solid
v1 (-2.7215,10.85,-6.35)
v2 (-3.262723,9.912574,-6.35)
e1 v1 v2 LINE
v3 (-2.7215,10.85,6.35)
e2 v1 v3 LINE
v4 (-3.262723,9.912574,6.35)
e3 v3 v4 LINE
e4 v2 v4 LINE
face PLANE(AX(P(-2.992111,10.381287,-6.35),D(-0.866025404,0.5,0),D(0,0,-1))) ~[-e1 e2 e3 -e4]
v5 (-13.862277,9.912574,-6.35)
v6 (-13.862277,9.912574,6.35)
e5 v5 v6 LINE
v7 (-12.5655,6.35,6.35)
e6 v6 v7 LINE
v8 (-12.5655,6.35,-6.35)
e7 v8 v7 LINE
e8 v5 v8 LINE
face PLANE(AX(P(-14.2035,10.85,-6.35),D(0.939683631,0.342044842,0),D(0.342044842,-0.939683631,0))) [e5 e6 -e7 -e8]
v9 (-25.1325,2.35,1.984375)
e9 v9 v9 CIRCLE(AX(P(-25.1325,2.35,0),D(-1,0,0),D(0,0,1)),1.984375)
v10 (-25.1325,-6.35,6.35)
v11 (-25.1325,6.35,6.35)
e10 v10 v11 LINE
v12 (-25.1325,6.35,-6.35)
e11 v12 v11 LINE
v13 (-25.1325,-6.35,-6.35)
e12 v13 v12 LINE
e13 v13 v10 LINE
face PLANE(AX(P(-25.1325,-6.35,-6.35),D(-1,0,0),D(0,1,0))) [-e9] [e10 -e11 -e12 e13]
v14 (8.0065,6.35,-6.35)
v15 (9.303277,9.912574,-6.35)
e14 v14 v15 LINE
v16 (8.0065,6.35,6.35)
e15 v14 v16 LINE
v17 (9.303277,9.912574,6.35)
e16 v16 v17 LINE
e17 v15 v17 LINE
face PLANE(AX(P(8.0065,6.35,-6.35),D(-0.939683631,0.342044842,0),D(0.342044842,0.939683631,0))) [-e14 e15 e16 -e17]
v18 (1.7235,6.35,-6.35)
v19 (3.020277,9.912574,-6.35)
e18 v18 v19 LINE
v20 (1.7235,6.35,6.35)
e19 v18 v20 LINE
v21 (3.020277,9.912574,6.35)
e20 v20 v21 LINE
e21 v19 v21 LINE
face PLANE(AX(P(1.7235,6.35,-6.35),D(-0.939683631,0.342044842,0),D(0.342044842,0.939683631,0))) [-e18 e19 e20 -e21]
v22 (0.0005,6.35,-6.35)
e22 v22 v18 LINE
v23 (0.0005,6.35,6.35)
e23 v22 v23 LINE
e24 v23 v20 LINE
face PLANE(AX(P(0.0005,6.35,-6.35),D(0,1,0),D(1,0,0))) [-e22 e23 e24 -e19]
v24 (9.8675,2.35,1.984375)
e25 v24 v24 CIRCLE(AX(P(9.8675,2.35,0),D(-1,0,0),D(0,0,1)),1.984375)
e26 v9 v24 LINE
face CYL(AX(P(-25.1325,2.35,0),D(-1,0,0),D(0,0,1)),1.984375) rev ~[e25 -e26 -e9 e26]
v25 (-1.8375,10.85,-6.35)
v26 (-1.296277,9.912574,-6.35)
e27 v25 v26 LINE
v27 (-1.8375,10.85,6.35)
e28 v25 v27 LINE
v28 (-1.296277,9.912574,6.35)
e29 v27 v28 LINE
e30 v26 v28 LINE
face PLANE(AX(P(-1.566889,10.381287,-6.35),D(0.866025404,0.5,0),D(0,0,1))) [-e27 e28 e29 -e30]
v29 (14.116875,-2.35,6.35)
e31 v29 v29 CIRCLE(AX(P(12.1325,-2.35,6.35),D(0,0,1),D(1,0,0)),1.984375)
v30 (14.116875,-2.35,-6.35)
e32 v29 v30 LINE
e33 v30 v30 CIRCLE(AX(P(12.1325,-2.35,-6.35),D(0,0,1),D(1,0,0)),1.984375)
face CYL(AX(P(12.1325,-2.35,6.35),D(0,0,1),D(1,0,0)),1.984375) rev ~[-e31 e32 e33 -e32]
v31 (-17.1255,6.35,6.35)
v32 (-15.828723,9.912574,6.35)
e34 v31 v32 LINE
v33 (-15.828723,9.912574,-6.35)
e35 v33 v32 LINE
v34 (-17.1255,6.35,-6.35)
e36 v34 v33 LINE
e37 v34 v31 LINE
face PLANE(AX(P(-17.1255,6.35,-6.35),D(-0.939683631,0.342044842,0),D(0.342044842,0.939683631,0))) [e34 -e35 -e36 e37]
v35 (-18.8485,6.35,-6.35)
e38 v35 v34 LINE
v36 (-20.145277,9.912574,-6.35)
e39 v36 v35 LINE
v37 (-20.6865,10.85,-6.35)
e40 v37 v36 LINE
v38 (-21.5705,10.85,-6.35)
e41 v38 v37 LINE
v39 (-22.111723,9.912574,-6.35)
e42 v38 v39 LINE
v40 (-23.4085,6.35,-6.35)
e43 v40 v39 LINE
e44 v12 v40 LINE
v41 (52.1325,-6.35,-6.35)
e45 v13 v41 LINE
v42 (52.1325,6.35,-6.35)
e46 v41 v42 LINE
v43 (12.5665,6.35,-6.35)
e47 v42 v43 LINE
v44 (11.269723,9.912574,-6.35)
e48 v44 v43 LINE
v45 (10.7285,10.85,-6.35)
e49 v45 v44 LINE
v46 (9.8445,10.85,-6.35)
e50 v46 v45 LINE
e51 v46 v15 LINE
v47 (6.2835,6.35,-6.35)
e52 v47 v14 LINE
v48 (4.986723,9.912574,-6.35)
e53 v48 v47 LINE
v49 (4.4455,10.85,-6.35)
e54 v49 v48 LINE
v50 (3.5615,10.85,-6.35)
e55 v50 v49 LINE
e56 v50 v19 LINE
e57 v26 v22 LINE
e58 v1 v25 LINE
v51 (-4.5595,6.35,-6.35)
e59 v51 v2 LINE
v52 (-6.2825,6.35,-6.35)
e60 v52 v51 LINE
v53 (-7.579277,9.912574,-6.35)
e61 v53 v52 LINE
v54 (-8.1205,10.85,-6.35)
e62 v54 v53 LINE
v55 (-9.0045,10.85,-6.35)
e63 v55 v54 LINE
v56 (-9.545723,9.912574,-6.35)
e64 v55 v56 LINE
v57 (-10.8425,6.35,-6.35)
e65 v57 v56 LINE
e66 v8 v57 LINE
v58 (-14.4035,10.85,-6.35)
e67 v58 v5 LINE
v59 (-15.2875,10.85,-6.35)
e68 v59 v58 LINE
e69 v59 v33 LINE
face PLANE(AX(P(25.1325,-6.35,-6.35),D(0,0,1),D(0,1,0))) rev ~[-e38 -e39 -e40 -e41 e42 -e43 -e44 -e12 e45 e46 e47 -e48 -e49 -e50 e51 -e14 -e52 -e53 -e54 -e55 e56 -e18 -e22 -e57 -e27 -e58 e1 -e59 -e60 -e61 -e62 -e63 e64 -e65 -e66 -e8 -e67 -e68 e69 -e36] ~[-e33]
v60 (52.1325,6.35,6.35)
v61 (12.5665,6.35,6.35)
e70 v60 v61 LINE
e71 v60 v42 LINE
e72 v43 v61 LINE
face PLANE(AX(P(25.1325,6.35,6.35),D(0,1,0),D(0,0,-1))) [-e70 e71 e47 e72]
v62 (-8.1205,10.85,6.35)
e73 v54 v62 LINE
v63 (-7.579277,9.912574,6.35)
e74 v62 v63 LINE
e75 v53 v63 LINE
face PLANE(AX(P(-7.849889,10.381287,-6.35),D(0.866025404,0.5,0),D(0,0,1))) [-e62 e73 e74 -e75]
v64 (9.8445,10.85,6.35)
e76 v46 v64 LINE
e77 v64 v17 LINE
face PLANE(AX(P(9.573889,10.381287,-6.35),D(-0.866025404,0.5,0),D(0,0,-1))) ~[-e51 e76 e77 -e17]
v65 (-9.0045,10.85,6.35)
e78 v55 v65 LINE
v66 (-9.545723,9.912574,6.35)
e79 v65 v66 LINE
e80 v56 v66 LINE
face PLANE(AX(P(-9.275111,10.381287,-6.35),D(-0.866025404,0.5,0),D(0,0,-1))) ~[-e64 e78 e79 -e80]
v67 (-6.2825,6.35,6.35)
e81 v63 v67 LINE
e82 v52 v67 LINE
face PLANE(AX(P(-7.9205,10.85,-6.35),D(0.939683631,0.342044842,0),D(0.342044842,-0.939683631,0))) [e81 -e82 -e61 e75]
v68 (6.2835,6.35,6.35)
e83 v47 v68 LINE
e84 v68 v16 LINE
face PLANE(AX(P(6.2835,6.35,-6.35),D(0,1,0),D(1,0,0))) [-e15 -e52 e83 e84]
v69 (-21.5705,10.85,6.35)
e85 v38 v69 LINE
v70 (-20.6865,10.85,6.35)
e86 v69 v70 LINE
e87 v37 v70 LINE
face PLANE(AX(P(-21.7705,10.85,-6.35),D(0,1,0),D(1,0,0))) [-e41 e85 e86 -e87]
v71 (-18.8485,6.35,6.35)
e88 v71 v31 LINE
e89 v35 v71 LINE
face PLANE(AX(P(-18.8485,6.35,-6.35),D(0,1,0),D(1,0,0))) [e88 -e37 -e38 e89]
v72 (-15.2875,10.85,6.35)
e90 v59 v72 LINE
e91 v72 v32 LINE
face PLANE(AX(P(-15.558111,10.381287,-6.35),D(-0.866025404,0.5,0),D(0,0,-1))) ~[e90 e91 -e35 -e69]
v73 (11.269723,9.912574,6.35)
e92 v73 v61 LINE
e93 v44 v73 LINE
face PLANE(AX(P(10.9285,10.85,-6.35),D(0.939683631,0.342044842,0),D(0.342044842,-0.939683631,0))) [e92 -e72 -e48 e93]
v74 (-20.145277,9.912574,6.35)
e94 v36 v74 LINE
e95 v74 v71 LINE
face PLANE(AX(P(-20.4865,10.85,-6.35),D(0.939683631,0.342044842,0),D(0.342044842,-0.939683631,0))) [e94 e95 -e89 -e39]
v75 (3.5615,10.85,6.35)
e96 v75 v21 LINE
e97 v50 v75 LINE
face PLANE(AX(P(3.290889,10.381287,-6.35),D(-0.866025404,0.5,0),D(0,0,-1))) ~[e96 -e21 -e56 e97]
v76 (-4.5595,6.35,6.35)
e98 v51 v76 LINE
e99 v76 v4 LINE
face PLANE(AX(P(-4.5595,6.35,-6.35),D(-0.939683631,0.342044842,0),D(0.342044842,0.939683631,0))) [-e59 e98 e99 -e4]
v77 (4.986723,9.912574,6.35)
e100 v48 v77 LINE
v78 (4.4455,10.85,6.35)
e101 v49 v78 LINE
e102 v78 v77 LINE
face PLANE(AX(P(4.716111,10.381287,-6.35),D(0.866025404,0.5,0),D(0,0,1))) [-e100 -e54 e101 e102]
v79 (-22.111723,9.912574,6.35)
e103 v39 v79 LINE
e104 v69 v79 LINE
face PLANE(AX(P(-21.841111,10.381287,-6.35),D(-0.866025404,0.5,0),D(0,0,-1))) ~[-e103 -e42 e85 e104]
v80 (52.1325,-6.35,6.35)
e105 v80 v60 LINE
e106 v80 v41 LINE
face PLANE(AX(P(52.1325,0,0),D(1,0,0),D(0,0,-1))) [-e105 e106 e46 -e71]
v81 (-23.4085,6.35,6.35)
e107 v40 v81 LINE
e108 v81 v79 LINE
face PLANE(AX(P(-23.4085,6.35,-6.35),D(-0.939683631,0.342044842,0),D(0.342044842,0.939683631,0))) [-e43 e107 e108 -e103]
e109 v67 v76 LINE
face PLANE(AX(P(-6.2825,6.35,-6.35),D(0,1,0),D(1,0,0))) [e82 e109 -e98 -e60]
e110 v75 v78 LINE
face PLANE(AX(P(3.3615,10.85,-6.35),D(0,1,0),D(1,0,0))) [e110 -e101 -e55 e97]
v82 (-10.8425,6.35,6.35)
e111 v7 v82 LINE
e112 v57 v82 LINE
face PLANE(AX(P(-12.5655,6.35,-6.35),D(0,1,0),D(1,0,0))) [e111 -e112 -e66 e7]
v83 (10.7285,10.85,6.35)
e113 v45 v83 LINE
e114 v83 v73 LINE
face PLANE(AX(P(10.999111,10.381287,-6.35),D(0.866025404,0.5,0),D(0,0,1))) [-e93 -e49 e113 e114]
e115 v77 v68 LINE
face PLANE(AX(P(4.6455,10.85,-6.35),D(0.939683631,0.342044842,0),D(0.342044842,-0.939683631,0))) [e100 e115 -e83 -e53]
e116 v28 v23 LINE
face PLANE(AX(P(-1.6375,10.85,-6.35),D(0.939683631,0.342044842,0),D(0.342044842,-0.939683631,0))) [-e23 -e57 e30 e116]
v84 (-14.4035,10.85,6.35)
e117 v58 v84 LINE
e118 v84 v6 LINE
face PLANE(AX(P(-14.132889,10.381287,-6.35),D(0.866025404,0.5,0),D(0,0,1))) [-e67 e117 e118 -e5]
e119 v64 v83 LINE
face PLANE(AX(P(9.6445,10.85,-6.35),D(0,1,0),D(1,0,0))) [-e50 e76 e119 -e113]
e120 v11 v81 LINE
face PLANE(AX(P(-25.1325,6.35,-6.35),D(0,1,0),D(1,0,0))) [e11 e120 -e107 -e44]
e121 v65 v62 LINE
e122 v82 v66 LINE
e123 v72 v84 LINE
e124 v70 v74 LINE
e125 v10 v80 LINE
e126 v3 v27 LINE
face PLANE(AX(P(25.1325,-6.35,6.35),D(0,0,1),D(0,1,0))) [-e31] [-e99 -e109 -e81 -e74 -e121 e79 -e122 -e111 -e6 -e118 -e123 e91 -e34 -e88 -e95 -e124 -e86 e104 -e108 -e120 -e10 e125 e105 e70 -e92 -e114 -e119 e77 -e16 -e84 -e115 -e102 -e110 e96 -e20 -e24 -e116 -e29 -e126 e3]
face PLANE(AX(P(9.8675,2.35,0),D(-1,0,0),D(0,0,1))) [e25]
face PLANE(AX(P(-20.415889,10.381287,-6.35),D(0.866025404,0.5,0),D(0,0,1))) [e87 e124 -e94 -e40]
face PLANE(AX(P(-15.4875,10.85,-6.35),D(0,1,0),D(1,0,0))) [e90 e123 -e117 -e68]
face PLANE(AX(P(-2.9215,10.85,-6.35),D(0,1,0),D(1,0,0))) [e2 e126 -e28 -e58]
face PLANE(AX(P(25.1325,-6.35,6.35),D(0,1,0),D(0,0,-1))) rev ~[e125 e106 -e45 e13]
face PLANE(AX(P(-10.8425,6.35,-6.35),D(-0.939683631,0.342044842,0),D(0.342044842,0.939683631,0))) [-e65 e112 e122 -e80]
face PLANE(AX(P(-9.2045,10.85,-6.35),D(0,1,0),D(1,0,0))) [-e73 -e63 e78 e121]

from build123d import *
from OCP.BRepFilletAPI import BRepFilletAPI_MakeChamfer

# Parameters (mm, degrees)
BOSS_EXTRUDE1_DEPTH      = 6.35
BOSS_EXTRUDE1_DEPTH_BACK = 6.35
SKETCH2_R                = 1.984375
CUT_EXTRUDE1_DEPTH       = 35
CHAMFER1_SIZE            = 0.2
CHAMFER1_SIZE2           = 0.99759701
SKETCH3_W                = 12.7
SKETCH3_H                = 12.7
BOSS_EXTRUDE2_DEPTH      = 27
SKETCH4_R                = 1.984375
CUT_EXTRUDE2_DEPTH       = 55.743127936


with BuildPart() as part:
    # Sketch1 → Boss-Extrude1 (new, two sides: drawn at the far end of the back side and taken through both)
    with BuildSketch(Plane.XY.offset(-BOSS_EXTRUDE1_DEPTH_BACK)):
        Polygon((-23.4085, 6.35), (-21.7705, 10.85), (-20.4865, 10.85), (-18.8485, 6.35), (-17.1255, 6.35), (-15.4875, 10.85), (-14.2035, 10.85), (-12.5655, 6.35), (-10.8425, 6.35), (-9.2045, 10.85), (-7.9205, 10.85), (-6.2825, 6.35), (-4.5595, 6.35), (-2.9215, 10.85), (-1.6375, 10.85), (0.0005, 6.35), (1.7235, 6.35), (3.3615, 10.85), (4.6455, 10.85), (6.2835, 6.35), (8.0065, 6.35), (9.6445, 10.85), (10.9285, 10.85), (12.5665, 6.35), (14.2895, 6.35), (18.8495, 6.35), (20.5725, 6.35), (25.1325, 6.35), (25.1325, -6.35), (-25.1325, -6.35), (-25.1325, 6.35), align=None)
    extrude(amount=BOSS_EXTRUDE1_DEPTH + BOSS_EXTRUDE1_DEPTH_BACK)

    # Sketch2 → Cut-Extrude1 (cut)
    with BuildSketch(Plane.ZY.offset(25.1325)):
        with Locations((0, 2.35)):
            Circle(SKETCH2_R)
    extrude(amount=-CUT_EXTRUDE1_DEPTH, mode=Mode.SUBTRACT)

    # Chamfer1: one chamfer whose edges measure the first distance from different faces: ONE call of the kernel's chamfer builder (chamfer() names one face for all edges)
    chamfer1_edges_1 = [part.edges().sort_by_distance(p)[0] for p in [
        (-21.7705, 10.85, 0),
        (-20.4865, 10.85, 0),
    ]]
    chamfer1_side_1 = [part.faces().sort_by_distance(p)[0] for p in [
        (-21.1285, 10.85, 0),
    ]]
    chamfer1_edges_2 = [part.edges().sort_by_distance(p)[0] for p in [
        (-15.4875, 10.85, 0),
        (-14.2035, 10.85, 0),
    ]]
    chamfer1_side_2 = [part.faces().sort_by_distance(p)[0] for p in [
        (-14.8455, 10.85, 0),
    ]]
    chamfer1_edges_3 = [part.edges().sort_by_distance(p)[0] for p in [
        (-9.2045, 10.85, 0),
        (-7.9205, 10.85, 0),
    ]]
    chamfer1_side_3 = [part.faces().sort_by_distance(p)[0] for p in [
        (-8.5625, 10.85, 0),
    ]]
    chamfer1_edges_4 = [part.edges().sort_by_distance(p)[0] for p in [
        (-2.9215, 10.85, 0),
        (-1.6375, 10.85, 0),
    ]]
    chamfer1_side_4 = [part.faces().sort_by_distance(p)[0] for p in [
        (-2.2795, 10.85, 0),
    ]]
    chamfer1_edges_5 = [part.edges().sort_by_distance(p)[0] for p in [
        (3.3615, 10.85, 0),
        (4.6455, 10.85, 0),
    ]]
    chamfer1_side_5 = [part.faces().sort_by_distance(p)[0] for p in [
        (4.0035, 10.85, 0),
    ]]
    chamfer1_edges_6 = [part.edges().sort_by_distance(p)[0] for p in [
        (9.6445, 10.85, 0),
        (10.9285, 10.85, 0),
    ]]
    chamfer1_side_6 = [part.faces().sort_by_distance(p)[0] for p in [
        (10.2865, 10.85, 0),
    ]]
    chamfer1 = BRepFilletAPI_MakeChamfer(part.part.solid().wrapped)
    for e in chamfer1_edges_1:
        chamfer1.Add(CHAMFER1_SIZE, CHAMFER1_SIZE2, e.wrapped, chamfer1_side_1[0].wrapped)  # the first distance lies on this face
    for e in chamfer1_edges_2:
        chamfer1.Add(CHAMFER1_SIZE, CHAMFER1_SIZE2, e.wrapped, chamfer1_side_2[0].wrapped)  # the first distance lies on this face
    for e in chamfer1_edges_3:
        chamfer1.Add(CHAMFER1_SIZE, CHAMFER1_SIZE2, e.wrapped, chamfer1_side_3[0].wrapped)  # the first distance lies on this face
    for e in chamfer1_edges_4:
        chamfer1.Add(CHAMFER1_SIZE, CHAMFER1_SIZE2, e.wrapped, chamfer1_side_4[0].wrapped)  # the first distance lies on this face
    for e in chamfer1_edges_5:
        chamfer1.Add(CHAMFER1_SIZE, CHAMFER1_SIZE2, e.wrapped, chamfer1_side_5[0].wrapped)  # the first distance lies on this face
    for e in chamfer1_edges_6:
        chamfer1.Add(CHAMFER1_SIZE, CHAMFER1_SIZE2, e.wrapped, chamfer1_side_6[0].wrapped)  # the first distance lies on this face
    add(Compound.cast(chamfer1.Shape()), mode=Mode.REPLACE)

    # Sketch3 → Boss-Extrude2 (add)
    with BuildSketch(Plane(origin=(25.1325, 0, 0), x_dir=(0, 0, -1), z_dir=(1, 0, 0))):
        Rectangle(SKETCH3_W, SKETCH3_H)
    extrude(amount=BOSS_EXTRUDE2_DEPTH)

    # Sketch4 → Cut-Extrude2 (cut, through all)
    with BuildSketch(Plane.XY.offset(6.35)):
        with Locations((12.1325, -2.35)):
            Circle(SKETCH4_R)
    extrude(amount=-CUT_EXTRUDE2_DEPTH, mode=Mode.SUBTRACT)


solid = part.part
